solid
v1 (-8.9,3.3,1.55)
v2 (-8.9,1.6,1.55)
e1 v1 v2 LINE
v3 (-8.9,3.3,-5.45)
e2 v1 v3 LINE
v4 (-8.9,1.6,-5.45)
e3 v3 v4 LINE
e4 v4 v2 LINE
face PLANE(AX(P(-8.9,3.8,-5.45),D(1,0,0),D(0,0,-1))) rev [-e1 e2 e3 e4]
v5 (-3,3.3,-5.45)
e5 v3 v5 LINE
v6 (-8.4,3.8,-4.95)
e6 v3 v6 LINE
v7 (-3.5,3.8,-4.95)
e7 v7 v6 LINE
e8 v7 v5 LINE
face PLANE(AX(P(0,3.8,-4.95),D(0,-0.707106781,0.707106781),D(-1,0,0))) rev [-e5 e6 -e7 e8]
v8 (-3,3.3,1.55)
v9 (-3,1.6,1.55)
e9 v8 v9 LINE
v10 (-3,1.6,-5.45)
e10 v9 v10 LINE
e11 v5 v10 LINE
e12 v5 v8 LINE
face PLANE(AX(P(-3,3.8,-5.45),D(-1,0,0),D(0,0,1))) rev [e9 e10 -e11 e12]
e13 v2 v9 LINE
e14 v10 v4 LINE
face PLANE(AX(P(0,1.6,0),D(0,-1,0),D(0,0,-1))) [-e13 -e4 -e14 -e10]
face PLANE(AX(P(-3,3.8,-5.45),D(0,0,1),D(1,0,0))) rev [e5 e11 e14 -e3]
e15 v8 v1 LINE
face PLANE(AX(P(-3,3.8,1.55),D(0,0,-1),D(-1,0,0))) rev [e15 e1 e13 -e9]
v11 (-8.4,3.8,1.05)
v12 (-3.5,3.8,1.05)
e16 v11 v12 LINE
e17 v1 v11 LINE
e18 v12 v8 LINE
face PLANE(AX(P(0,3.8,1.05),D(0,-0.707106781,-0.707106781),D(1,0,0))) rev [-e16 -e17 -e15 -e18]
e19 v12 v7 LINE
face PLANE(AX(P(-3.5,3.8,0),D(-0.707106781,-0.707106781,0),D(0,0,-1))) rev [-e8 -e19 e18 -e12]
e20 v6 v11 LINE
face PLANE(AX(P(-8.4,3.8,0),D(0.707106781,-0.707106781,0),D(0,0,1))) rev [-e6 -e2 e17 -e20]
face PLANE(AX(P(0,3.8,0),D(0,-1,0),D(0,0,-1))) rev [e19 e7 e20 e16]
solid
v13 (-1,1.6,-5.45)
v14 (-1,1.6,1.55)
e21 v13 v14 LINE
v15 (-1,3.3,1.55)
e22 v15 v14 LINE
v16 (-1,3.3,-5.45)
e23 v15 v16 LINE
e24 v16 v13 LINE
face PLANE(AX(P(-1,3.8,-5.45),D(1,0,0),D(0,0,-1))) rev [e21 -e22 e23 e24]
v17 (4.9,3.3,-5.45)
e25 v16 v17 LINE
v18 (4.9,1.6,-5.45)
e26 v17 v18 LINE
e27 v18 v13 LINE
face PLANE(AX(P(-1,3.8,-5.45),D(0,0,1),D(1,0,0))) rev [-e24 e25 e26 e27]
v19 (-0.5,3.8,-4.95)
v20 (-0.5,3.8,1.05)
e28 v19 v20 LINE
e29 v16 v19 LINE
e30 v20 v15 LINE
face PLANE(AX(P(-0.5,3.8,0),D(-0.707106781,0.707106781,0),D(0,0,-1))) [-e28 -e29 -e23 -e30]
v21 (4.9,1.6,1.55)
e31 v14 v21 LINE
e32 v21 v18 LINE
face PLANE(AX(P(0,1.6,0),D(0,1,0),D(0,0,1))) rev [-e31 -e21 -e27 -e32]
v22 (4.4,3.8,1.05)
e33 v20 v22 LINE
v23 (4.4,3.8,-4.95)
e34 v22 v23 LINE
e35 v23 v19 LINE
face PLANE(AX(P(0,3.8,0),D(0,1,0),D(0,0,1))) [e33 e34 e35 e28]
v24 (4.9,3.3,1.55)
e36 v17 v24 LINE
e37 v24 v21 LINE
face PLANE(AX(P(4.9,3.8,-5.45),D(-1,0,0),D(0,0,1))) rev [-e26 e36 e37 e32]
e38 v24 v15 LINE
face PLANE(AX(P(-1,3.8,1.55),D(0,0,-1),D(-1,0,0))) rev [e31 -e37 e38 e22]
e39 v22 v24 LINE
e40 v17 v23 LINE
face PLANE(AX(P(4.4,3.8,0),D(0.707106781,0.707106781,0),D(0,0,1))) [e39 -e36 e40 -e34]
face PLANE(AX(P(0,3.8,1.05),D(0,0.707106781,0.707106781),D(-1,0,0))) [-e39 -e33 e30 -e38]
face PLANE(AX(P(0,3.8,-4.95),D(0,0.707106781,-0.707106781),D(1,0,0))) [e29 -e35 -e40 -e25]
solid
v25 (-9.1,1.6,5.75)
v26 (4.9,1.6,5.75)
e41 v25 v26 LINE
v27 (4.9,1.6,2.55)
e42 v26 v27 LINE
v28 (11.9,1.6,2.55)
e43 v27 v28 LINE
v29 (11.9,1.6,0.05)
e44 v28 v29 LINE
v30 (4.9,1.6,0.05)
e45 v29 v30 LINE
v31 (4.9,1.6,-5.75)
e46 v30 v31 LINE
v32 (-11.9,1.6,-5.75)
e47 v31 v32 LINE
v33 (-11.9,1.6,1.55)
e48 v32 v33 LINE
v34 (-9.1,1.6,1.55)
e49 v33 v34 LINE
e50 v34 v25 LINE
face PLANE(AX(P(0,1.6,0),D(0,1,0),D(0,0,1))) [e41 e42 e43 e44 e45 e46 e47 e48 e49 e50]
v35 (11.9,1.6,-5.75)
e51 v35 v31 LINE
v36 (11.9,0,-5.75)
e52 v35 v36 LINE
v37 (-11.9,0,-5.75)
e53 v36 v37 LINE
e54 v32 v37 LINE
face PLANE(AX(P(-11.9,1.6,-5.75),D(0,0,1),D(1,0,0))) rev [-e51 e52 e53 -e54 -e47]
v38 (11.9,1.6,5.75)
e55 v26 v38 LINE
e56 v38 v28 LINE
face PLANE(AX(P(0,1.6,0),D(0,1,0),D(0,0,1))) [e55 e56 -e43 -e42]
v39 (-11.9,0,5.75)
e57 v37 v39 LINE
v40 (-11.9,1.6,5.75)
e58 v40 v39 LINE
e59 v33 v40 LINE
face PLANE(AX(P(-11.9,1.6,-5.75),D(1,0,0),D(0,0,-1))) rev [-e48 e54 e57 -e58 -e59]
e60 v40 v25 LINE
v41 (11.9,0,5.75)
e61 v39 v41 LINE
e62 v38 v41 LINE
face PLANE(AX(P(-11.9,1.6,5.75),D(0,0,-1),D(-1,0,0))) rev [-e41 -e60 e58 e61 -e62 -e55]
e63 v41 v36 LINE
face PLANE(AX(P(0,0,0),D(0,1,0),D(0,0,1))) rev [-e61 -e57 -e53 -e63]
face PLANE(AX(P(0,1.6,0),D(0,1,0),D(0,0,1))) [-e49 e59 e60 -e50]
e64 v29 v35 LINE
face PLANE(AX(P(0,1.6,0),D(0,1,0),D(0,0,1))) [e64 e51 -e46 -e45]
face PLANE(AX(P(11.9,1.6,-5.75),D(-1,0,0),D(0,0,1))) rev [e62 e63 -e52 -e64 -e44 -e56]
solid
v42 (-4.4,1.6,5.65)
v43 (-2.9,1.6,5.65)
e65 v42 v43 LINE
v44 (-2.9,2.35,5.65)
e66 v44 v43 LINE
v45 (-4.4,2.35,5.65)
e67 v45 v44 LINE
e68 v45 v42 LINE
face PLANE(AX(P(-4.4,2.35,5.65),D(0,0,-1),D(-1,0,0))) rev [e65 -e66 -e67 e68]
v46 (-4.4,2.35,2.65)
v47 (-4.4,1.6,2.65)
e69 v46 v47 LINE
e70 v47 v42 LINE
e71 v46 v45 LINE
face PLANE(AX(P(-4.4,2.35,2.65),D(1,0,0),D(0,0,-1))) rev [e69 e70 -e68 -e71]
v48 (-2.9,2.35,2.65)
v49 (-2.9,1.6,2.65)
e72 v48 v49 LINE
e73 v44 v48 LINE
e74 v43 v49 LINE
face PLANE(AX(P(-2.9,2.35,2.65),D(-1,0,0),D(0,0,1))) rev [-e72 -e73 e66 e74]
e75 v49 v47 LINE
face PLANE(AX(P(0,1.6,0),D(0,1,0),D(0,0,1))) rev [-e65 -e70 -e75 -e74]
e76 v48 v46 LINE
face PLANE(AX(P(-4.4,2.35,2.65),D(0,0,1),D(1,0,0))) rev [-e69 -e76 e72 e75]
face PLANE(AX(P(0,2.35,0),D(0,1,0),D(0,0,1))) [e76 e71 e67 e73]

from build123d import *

# Parameters (mm, degrees)
CROQUIS1_W                = 23.8
CROQUIS1_H                = 11.5
SALIENTE_EXTRUIR1_DEPTH   = 1.6
CROQUIS2_W                = 5.9
CROQUIS2_H                = 7
SALIENTE_EXTRUIR2_DEPTH   = 2.2
SALIENTE_EXTRUIR2_2_DEPTH = 2.2
CROQUIS3_W                = 1.5
CROQUIS3_H                = 3
SALIENTE_EXTRUIR3_DEPTH   = 0.75
CHAFL_N1_SIZE             = 0.5
CHAFL_N2_SIZE             = 0.5


with BuildPart() as part:
    # Croquis1 → Saliente-Extruir1 (new body)
    with BuildSketch(Plane(origin=(0, 0, 0), x_dir=(1, 0, 0), z_dir=(0, 1, 0))):
        Rectangle(CROQUIS1_W, CROQUIS1_H)
    extrude(amount=SALIENTE_EXTRUIR1_DEPTH)


with BuildPart() as body_2:
    # Croquis2 → Saliente-Extruir2 (new body)
    with BuildSketch(Plane(origin=(0, 1.6, 0), x_dir=(1, 0, 0), z_dir=(0, 1, 0))):
        with Locations((1.95, 1.95)):
            Rectangle(CROQUIS2_W, CROQUIS2_H)
    extrude(amount=SALIENTE_EXTRUIR2_DEPTH)

    # Chaflán2
    chafl_n2_edges = [body_2.edges().sort_by_distance(p)[0] for p in [
        (4.9, 3.8, -1.95),
        (1.95, 3.8, -5.45),
        (-1, 3.8, -1.95),
        (1.95, 3.8, 1.55),
    ]]
    chamfer(chafl_n2_edges, length=CHAFL_N2_SIZE)


with BuildPart() as body_3:
    # Croquis2 → Saliente-Extruir2 2 (new body)
    with BuildSketch(Plane(origin=(0, 1.6, 0), x_dir=(1, 0, 0), z_dir=(0, 1, 0))):
        with Locations((-5.95, 1.95)):
            Rectangle(CROQUIS2_W, CROQUIS2_H)
    extrude(amount=SALIENTE_EXTRUIR2_2_DEPTH)

    # Chaflán1
    chafl_n1_edges = [body_3.edges().sort_by_distance(p)[0] for p in [
        (-3, 3.8, -1.95),
        (-5.95, 3.8, -5.45),
        (-8.9, 3.8, -1.95),
        (-5.95, 3.8, 1.55),
    ]]
    chamfer(chafl_n1_edges, length=CHAFL_N1_SIZE)


with BuildPart() as body_4:
    # Croquis3 → Saliente-Extruir3 (new body)
    with BuildSketch(Plane(origin=(0, 1.6, 0), x_dir=(1, 0, 0), z_dir=(0, 1, 0))):
        with Locations((-3.65, -4.15)):
            Rectangle(CROQUIS3_W, CROQUIS3_H)
    extrude(amount=SALIENTE_EXTRUIR3_DEPTH)


solid = Compound([part.part, body_2.part, body_3.part, body_4.part])
